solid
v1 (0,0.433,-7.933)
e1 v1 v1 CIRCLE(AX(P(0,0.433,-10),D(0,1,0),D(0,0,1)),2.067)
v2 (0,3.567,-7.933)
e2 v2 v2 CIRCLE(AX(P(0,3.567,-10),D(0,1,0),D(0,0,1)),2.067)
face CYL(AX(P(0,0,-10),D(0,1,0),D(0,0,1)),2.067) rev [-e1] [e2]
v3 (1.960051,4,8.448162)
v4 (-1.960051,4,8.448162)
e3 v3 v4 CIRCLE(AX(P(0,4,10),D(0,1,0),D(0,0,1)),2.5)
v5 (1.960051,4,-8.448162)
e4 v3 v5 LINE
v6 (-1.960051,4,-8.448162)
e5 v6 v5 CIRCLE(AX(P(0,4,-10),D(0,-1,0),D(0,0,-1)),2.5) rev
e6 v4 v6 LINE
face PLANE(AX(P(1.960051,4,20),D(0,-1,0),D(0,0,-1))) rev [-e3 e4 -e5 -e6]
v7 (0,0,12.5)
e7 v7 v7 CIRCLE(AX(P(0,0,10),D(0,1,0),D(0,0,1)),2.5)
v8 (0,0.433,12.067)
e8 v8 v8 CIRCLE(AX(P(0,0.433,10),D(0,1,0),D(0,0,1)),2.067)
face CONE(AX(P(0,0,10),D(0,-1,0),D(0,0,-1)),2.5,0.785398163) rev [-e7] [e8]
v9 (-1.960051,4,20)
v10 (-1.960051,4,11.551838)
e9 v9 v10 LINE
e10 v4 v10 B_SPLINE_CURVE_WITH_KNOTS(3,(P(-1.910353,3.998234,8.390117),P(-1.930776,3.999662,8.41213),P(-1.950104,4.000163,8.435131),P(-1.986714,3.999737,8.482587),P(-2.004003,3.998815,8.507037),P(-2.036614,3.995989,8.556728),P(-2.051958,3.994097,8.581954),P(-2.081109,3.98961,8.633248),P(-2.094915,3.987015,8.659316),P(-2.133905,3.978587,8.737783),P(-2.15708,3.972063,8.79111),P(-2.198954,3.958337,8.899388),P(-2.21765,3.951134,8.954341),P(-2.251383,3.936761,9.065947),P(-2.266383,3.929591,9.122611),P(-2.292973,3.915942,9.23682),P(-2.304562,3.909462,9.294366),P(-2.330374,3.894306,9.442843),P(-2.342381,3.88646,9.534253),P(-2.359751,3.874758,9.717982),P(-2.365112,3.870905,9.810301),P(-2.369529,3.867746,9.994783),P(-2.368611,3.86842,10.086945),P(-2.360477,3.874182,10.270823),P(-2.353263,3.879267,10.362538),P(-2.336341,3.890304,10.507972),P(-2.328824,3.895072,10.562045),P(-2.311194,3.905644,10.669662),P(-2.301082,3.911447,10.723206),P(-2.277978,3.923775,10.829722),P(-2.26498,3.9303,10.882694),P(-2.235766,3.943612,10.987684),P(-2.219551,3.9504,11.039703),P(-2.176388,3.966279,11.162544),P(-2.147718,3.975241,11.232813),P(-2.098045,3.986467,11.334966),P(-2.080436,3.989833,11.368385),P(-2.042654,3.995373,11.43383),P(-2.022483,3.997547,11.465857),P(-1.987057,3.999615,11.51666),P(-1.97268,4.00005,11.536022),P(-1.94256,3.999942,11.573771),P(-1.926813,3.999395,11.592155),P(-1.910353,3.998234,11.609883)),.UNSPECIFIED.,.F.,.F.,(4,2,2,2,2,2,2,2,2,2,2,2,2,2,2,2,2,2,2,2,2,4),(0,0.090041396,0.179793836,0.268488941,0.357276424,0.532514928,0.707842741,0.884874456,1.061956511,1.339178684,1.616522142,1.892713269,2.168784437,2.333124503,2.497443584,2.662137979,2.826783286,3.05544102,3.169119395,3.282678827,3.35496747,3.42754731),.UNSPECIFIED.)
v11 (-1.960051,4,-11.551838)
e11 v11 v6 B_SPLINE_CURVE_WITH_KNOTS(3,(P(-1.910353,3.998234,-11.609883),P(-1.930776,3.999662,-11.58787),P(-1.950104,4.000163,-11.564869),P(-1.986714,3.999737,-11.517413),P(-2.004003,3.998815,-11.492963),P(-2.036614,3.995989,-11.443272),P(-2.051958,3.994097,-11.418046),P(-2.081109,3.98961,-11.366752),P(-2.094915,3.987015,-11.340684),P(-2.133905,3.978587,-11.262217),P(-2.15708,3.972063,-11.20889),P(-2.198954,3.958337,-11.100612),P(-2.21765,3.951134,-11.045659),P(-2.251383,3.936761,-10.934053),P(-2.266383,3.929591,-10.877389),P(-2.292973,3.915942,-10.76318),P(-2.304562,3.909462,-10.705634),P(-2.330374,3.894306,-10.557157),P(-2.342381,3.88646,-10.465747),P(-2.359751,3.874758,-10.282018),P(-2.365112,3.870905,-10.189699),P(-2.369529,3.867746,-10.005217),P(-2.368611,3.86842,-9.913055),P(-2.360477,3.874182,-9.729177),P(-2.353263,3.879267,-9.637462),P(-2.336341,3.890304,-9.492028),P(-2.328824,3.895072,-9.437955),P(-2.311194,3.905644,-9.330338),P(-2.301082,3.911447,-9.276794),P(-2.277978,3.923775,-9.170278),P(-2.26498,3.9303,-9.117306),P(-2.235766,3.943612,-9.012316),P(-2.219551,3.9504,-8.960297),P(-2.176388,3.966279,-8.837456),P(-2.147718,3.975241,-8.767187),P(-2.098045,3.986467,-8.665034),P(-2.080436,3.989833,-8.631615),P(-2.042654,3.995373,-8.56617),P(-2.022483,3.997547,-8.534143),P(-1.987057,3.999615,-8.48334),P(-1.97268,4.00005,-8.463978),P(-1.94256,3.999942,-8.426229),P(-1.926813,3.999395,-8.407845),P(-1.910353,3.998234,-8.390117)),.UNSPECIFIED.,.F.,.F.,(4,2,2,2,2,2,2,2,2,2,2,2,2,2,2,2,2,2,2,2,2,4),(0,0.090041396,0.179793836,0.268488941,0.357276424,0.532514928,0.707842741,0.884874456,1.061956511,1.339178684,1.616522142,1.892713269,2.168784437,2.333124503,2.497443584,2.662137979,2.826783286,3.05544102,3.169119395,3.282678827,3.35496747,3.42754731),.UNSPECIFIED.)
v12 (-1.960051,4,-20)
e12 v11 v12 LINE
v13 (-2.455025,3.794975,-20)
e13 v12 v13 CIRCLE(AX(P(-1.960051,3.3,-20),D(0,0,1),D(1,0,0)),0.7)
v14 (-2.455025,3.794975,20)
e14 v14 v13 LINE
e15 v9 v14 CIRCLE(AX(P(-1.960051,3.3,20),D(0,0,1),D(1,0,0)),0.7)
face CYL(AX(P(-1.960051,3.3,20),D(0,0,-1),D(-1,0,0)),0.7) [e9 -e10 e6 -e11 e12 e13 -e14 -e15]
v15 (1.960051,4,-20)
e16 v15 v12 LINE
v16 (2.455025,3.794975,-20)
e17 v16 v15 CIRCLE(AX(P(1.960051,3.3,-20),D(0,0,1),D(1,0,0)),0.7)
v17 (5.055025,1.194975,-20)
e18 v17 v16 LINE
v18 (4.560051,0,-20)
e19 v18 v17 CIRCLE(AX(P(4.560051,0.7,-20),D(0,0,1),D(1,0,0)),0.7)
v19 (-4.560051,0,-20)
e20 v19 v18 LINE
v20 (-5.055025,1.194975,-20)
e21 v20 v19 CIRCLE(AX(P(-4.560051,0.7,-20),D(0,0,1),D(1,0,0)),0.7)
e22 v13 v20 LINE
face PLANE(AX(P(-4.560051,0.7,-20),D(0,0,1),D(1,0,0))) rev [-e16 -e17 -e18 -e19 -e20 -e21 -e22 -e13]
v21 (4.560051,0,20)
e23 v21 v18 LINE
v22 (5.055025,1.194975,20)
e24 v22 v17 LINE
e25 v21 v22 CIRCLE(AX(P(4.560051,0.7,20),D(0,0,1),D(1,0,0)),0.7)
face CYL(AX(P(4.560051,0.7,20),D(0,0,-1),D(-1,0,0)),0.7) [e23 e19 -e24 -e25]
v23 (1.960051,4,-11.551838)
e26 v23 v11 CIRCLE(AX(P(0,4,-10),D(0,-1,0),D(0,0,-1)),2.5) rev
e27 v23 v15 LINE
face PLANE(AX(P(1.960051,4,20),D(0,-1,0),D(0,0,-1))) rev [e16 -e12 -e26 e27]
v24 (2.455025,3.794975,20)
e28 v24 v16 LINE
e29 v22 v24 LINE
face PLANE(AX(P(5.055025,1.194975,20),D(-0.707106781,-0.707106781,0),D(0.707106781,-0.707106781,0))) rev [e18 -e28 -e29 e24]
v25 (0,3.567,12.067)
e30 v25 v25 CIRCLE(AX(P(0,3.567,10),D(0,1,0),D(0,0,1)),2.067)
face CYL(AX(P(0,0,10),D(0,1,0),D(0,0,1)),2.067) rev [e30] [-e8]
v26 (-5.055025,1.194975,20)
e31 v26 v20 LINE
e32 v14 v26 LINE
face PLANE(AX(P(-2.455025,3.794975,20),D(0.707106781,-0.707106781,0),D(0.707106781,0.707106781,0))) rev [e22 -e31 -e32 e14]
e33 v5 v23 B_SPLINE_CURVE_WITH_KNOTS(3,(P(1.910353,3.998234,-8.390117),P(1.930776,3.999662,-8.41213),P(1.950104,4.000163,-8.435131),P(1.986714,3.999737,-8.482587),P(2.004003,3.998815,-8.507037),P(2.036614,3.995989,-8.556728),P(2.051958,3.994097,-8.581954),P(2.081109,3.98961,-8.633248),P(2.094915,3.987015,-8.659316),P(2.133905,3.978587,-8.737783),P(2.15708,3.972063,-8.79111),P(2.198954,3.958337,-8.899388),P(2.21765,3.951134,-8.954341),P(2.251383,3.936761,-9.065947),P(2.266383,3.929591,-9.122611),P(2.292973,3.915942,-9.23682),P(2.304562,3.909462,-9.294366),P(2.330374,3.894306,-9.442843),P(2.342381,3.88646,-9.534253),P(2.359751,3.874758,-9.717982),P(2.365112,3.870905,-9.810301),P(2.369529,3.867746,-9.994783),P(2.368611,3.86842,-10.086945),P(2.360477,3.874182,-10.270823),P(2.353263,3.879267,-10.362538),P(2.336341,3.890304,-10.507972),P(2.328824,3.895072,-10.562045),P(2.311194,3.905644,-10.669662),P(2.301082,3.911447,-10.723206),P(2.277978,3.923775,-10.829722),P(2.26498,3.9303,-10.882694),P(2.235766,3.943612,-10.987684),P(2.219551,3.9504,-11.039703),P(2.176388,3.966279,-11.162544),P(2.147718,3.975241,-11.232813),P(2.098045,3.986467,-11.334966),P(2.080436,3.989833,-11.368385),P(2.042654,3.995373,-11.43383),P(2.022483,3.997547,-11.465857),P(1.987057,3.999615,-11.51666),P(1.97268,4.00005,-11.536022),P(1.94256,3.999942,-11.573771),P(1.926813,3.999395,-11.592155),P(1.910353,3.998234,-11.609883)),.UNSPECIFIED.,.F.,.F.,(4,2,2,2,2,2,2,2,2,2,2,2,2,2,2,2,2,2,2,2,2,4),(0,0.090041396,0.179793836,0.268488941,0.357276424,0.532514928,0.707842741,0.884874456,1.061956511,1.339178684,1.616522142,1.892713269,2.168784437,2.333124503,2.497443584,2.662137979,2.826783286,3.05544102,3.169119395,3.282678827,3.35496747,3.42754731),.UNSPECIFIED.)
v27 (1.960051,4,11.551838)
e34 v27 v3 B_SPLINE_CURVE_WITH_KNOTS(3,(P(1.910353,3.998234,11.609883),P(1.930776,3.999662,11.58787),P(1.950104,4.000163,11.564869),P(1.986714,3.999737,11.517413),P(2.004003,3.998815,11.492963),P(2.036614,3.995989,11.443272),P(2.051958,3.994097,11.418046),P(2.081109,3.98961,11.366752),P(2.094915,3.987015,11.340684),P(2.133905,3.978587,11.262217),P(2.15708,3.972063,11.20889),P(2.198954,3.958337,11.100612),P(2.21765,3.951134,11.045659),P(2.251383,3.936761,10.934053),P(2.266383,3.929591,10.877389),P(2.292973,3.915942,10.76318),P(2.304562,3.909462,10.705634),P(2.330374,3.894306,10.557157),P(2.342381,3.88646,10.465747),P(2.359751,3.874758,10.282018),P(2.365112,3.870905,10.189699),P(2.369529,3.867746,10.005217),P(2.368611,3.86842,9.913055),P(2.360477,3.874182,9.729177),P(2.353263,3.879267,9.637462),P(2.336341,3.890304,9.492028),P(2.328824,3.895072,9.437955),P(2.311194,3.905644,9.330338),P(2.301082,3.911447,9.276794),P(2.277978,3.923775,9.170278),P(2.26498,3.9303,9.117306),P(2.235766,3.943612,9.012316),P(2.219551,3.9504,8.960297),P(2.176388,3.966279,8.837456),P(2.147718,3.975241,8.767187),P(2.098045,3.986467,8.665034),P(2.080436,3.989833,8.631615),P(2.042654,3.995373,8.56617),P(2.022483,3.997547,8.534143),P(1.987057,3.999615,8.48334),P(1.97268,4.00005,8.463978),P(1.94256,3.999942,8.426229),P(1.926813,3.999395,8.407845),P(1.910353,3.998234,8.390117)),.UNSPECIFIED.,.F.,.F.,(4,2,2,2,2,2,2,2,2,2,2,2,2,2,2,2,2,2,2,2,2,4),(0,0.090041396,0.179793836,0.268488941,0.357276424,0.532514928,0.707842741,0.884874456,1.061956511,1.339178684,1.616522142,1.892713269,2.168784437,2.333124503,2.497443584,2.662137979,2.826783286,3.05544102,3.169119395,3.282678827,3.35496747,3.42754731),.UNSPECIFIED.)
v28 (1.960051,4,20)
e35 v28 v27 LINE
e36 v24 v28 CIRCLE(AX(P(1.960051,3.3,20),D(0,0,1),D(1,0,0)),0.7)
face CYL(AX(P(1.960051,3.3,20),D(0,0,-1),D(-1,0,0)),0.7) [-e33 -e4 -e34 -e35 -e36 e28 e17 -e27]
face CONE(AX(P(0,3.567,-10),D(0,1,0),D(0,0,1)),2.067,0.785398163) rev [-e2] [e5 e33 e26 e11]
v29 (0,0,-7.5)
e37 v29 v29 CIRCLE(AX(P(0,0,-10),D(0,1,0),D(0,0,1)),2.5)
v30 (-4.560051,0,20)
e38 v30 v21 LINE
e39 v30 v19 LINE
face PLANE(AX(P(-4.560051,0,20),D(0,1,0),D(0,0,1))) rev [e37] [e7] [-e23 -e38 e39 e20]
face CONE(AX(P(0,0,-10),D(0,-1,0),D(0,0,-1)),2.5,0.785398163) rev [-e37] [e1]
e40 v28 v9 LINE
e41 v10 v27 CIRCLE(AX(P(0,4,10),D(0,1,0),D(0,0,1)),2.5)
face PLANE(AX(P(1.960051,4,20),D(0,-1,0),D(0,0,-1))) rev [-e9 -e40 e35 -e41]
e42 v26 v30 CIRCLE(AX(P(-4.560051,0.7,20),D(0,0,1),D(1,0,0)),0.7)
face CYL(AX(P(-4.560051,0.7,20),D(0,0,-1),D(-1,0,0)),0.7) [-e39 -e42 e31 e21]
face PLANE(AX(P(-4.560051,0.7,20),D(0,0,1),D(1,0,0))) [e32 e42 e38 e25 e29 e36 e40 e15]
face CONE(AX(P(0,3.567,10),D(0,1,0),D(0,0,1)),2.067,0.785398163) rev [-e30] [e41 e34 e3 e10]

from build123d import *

# Parameters (mm, degrees)
BOSS_EXTRUDE1_DEPTH      = 20
BOSS_EXTRUDE1_DEPTH_BACK = 20


with BuildPart() as part:
    # Sketch1 → Boss-Extrude1 (new, two sides: drawn at the far end of the back side and taken through both)
    with BuildSketch(Plane.XY.offset(-BOSS_EXTRUDE1_DEPTH_BACK)):
        with BuildLine():
            Line((-4.560050506, 0), (4.560050506, 0))
            ThreePointArc((4.560050506, 0), (5.206766179, 0.432121597), (5.055025253, 1.194974747))
            Line((5.055025253, 1.194974747), (2.455025253, 3.794974747))
            ThreePointArc((2.455025253, 3.794974747), (2.227928909, 3.946715673), (1.960050506, 4))
            Line((1.960050506, 4), (-1.960050506, 4))
            ThreePointArc((-1.960050506, 4), (-2.227928909, 3.946715673), (-2.455025253, 3.794974747))
            Line((-2.455025253, 3.794974747), (-5.055025253, 1.194974747))
            ThreePointArc((-5.055025253, 1.194974747), (-5.206766179, 0.432121597), (-4.560050506, 0))
        make_face()
    extrude(amount=BOSS_EXTRUDE1_DEPTH + BOSS_EXTRUDE1_DEPTH_BACK)

    # Sketch2 → Cut-Revolve1 (revolve, cut)
    with BuildSketch(Plane(origin=(0, 0, 0), x_dir=(0, 0, -1), z_dir=(1, 0, 0))):
        Polygon((-10, 4), (-7.5, 4), (-7.933, 3.567), (-7.933, 0.433), (-7.5, 0), (-10, 0), align=None)
    revolve(axis=Axis((0, 0, 10), (0, 1, 0)), mode=Mode.SUBTRACT)

    # Sketch3 → Cut-Revolve2 (revolve, cut)
    with BuildSketch(Plane(origin=(0, 0, 0), x_dir=(0, 0, -1), z_dir=(1, 0, 0))):
        Polygon((10, 4), (12.5, 4), (12.067, 3.567), (12.067, 0.433), (12.5, 0), (10, 0), align=None)
    revolve(axis=Axis((0, 0, -10), (0, 1, 0)), mode=Mode.SUBTRACT)


solid = part.part
